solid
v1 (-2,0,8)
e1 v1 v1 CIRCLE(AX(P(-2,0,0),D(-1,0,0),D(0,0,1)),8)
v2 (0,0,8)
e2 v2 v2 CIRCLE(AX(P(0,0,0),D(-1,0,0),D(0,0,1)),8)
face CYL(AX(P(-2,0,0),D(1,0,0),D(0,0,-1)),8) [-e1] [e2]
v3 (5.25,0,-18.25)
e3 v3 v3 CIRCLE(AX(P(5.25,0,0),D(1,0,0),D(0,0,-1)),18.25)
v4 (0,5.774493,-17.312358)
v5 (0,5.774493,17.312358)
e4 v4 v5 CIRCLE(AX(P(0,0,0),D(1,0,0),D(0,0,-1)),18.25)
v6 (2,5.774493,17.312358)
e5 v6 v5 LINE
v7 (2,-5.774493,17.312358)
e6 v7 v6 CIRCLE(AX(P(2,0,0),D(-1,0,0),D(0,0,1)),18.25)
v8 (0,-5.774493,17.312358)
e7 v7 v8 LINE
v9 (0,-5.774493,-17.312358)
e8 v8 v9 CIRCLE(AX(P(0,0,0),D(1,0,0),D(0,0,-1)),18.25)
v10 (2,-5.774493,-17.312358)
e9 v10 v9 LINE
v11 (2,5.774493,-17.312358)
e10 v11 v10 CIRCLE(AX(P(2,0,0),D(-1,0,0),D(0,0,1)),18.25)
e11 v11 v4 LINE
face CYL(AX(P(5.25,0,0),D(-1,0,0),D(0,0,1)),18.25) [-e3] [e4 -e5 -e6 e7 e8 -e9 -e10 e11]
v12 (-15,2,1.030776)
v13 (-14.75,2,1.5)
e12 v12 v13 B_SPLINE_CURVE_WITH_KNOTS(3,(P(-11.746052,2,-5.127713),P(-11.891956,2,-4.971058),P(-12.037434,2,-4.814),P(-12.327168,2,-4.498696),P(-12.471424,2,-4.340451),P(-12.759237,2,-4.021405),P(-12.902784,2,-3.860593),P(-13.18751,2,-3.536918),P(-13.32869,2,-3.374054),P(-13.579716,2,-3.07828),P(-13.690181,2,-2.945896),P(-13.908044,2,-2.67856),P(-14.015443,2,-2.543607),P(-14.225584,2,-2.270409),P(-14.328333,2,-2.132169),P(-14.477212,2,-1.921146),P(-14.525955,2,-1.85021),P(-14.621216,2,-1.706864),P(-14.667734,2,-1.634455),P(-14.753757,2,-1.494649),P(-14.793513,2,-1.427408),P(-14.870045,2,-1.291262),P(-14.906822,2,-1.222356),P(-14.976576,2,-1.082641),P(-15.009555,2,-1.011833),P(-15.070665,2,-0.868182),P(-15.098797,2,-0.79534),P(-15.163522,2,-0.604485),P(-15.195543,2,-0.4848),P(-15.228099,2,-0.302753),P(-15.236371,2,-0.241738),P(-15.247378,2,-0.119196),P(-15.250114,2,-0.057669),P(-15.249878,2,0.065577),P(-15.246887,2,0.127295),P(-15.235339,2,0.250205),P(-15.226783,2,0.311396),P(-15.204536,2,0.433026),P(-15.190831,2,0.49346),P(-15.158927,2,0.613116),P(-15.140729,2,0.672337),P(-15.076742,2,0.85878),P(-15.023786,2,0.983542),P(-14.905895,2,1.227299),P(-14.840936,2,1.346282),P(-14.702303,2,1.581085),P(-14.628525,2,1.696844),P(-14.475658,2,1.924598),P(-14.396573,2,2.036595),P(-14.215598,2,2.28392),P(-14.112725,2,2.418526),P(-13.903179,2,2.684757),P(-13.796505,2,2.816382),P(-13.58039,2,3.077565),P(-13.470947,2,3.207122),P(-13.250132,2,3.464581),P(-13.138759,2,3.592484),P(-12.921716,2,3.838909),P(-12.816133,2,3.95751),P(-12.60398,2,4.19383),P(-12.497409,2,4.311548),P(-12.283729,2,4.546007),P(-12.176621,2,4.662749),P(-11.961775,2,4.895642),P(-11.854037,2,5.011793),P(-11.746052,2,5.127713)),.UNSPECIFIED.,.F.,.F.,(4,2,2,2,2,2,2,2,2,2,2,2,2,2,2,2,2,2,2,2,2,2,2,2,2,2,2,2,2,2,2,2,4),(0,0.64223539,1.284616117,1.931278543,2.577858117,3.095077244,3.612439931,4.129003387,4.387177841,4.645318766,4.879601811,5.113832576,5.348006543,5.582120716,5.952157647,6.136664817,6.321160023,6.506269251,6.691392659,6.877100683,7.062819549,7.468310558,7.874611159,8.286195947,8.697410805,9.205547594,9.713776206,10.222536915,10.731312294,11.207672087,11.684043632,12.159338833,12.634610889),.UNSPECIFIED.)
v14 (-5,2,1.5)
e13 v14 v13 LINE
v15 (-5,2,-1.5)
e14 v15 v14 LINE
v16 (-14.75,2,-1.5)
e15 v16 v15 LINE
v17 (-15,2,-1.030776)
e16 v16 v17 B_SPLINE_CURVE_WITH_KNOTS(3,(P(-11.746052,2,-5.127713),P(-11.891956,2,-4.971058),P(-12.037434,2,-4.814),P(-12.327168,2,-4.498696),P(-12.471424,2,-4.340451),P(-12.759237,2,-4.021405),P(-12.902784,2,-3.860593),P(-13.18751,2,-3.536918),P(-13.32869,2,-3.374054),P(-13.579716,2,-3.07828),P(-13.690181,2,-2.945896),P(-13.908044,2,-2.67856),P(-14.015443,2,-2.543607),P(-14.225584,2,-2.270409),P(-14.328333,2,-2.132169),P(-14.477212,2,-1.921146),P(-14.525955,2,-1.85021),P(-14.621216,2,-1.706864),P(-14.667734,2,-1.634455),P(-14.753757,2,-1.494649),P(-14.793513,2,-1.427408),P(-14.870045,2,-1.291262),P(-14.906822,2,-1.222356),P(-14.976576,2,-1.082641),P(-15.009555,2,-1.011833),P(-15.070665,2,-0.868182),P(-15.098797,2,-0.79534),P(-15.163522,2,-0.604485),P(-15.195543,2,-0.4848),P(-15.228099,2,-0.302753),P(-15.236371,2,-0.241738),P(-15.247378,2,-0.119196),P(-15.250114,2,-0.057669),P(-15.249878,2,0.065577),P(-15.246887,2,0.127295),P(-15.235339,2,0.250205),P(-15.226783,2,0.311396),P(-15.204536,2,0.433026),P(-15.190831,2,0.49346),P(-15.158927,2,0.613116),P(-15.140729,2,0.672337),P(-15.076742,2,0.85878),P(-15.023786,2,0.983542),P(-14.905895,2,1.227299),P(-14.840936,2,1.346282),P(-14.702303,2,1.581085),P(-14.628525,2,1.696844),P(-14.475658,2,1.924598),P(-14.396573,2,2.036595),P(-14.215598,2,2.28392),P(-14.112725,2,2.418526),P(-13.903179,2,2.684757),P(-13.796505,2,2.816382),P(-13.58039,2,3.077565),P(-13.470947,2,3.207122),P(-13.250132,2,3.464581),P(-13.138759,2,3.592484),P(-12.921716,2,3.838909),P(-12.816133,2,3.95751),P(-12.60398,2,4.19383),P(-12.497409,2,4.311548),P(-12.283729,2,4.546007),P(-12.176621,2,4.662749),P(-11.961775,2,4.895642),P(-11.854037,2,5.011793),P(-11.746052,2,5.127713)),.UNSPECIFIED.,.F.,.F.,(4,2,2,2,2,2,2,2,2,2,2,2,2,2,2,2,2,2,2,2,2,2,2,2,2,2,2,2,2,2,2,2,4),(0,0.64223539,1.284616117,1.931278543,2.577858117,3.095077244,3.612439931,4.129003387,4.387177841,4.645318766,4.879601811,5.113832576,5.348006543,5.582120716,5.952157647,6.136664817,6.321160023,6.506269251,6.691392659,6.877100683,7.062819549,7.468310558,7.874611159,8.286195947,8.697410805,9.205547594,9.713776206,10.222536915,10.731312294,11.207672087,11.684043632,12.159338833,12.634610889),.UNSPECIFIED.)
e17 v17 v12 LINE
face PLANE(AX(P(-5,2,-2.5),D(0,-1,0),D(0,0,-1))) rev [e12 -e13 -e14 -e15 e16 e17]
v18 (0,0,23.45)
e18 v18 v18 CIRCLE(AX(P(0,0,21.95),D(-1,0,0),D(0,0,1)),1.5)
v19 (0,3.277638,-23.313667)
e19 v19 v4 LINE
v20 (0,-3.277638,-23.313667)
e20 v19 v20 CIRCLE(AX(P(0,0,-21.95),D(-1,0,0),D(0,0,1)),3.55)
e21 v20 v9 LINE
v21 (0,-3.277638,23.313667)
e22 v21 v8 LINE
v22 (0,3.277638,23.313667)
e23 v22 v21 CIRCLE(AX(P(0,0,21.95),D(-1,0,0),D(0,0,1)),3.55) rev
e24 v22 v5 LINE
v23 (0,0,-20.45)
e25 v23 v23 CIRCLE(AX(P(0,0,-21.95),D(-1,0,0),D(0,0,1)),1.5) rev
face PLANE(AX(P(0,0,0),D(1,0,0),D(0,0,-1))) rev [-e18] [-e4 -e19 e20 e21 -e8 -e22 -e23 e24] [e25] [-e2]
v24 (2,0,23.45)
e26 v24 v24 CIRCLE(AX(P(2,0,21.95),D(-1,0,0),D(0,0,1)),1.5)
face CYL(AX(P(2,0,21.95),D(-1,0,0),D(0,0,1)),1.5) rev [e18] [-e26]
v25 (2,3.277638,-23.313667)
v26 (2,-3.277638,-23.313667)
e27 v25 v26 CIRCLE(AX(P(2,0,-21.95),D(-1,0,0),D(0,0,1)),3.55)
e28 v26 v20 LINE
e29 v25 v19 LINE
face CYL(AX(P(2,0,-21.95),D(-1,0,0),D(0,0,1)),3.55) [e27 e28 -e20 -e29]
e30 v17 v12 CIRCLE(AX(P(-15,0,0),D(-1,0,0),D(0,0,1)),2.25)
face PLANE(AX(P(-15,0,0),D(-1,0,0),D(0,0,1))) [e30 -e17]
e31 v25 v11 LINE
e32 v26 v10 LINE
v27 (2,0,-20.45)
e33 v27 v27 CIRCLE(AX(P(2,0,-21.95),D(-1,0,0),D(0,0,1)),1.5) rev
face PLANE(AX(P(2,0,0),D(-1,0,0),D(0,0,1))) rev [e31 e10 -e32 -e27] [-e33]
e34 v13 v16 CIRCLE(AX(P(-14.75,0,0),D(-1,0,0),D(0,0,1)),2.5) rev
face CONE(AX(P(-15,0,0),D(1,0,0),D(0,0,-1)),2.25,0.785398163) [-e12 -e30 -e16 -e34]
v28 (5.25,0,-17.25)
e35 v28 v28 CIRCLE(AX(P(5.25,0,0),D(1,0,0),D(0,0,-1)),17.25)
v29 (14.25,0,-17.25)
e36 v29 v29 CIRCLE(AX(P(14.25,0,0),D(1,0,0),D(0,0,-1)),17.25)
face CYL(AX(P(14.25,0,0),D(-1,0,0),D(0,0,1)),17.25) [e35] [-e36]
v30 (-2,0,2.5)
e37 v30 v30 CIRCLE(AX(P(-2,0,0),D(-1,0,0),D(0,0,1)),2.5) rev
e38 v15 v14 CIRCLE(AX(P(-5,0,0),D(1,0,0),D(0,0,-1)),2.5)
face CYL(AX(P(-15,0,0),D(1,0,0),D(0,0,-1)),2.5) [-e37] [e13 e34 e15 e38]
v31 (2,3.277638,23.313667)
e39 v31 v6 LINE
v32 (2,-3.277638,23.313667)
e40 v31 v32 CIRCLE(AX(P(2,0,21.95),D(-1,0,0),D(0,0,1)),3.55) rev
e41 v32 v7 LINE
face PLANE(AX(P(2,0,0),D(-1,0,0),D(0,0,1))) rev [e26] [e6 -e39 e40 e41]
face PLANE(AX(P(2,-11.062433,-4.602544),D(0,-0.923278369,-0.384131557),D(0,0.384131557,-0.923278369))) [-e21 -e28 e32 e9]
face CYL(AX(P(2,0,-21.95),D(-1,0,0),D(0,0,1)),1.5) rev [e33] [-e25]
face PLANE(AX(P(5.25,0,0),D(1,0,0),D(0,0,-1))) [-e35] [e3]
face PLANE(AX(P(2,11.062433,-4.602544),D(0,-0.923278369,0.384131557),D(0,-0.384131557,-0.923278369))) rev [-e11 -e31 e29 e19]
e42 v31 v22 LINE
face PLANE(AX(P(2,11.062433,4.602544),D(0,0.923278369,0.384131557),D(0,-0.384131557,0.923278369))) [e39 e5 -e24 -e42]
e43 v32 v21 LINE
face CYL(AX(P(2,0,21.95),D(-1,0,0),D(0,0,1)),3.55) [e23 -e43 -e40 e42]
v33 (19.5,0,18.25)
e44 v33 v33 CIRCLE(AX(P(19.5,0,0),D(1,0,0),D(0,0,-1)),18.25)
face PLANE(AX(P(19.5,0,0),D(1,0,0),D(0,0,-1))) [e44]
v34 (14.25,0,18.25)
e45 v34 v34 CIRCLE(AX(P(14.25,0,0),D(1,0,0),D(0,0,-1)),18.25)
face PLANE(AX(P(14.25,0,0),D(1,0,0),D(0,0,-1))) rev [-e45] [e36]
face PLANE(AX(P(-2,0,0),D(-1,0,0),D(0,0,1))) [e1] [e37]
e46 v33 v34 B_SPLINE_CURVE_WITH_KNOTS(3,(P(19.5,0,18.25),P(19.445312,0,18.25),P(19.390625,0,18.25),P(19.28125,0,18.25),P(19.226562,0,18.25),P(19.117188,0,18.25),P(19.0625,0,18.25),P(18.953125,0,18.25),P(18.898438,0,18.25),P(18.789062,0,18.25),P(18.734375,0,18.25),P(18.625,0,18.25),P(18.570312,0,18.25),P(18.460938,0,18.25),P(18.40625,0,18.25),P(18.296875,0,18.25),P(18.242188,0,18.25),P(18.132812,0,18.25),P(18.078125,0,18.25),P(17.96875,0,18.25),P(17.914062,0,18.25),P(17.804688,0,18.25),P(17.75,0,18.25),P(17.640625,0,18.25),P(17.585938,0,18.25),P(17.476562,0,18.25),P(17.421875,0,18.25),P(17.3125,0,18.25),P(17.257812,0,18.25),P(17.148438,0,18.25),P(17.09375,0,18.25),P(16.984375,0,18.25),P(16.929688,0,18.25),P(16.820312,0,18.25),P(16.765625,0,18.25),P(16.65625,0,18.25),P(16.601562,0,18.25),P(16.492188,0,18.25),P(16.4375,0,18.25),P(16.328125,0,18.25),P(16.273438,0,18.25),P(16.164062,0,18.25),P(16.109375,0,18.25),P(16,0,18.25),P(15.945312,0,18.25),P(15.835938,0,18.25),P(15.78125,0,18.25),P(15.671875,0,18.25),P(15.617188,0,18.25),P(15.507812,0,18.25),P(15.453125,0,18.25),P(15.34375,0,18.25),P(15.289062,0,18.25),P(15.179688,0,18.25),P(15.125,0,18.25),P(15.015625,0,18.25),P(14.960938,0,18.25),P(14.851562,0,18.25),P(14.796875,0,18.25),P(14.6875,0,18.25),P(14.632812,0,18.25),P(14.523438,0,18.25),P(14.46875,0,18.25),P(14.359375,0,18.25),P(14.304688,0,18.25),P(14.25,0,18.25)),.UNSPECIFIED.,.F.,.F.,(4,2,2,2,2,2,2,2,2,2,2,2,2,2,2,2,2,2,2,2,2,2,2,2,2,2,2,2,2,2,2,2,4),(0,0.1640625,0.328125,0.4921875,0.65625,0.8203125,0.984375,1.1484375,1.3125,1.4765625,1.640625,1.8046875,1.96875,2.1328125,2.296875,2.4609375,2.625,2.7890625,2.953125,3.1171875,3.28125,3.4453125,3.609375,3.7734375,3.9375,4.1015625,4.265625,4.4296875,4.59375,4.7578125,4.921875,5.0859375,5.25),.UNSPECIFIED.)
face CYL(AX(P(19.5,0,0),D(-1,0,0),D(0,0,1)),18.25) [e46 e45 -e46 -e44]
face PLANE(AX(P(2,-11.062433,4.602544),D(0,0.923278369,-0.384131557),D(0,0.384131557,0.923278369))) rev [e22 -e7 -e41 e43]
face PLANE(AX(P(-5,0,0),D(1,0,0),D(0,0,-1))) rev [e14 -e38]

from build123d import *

# Parameters (mm, degrees)
ESQUISSE2_R             = 18.25
BOSS_EXTRU_1_DEPTH      = 5.25
ESQUISSE3_R             = 17.25
BOSS_EXTRU_2_DEPTH      = 9
ESQUISSE4_R             = 18.25
BOSS_EXTRU_3_DEPTH      = 5.25
ESQUISSE6_R             = 1.5
BOSS_EXTRU_4_DEPTH      = 2
ESQUISSE7_R             = 8
BOSS_EXTRU_5_DEPTH      = 2
ESQUISSE8_R             = 2.5
BOSS_EXTRU_6_DEPTH      = 15
CHANFREIN1_SIZE         = 0.25
ESQUISSE9_W             = 5
ESQUISSE9_H             = 1
ENL_V_MAT_EXTRU_1_DEPTH = 10


with BuildPart() as part:
    # Esquisse2 → Boss.-Extru.1 (new body)
    with BuildSketch(Plane(origin=(0, 0, 0), x_dir=(0, 0, -1), z_dir=(1, 0, 0))):
        with Locations(Location((0, 0, 0), (0, 0, 180))):
            Circle(ESQUISSE2_R)
    extrude(amount=BOSS_EXTRU_1_DEPTH)

    # Esquisse3 → Boss.-Extru.2 (add)
    with BuildSketch(Plane(origin=(5.25, 0, 0), x_dir=(0, 0, -1), z_dir=(1, 0, 0))):
        Circle(ESQUISSE3_R)
    extrude(amount=BOSS_EXTRU_2_DEPTH)

    # Esquisse4 → Boss.-Extru.3 (add)
    with BuildSketch(Plane(origin=(14.25, 0, 0), x_dir=(0, 0, -1), z_dir=(1, 0, 0))):
        with Locations(Location((0, 0, 0), (0, 0, 180))):
            Circle(ESQUISSE4_R)
    extrude(amount=BOSS_EXTRU_3_DEPTH)

    # Esquisse6 → Boss.-Extru.4 (add)
    # profile 1 of 2: a face of its own
    with BuildSketch(Plane.ZY):
        with BuildLine():
            ThreePointArc((23.313667029, -3.27763821), (25.5, 0), (23.313667029, 3.27763821))
            Line((23.313667029, 3.27763821), (17.312357631, 5.774493333))
            ThreePointArc((17.312357631, 5.774493333), (18.014064322, 2.925061814), (18.25, 0))
            ThreePointArc((18.25, 0), (18.014064322, -2.925061814), (17.312357631, -5.774493333))
            Line((17.312357631, -5.774493333), (23.313667029, -3.27763821))
        make_face()
        with Locations((21.95, 0)):
            Circle(ESQUISSE6_R, mode=Mode.SUBTRACT)
    # profile 2 of 2: a face of its own
    with BuildSketch(Plane.ZY):
        with BuildLine():
            ThreePointArc((-17.312357631, -5.774493333), (-18.25, 0), (-17.312357631, 5.774493333))
            Line((-17.312357631, 5.774493333), (-23.313667029, 3.27763821))
            ThreePointArc((-23.313667029, 3.27763821), (-25.5, 0), (-23.313667029, -3.27763821))
            Line((-23.313667029, -3.27763821), (-17.312357631, -5.774493333))
        make_face()
        with Locations((-21.95, 0)):
            Circle(ESQUISSE6_R, mode=Mode.SUBTRACT)
    extrude(amount=-BOSS_EXTRU_4_DEPTH)

    # Esquisse7 → Boss.-Extru.5 (add)
    with BuildSketch(Plane.ZY):
        Circle(ESQUISSE7_R)
    extrude(amount=BOSS_EXTRU_5_DEPTH)

    # Esquisse8 → Boss.-Extru.6 (add)
    with BuildSketch(Plane.ZY):
        Circle(ESQUISSE8_R)
    extrude(amount=BOSS_EXTRU_6_DEPTH)

    # Chanfrein1
    chanfrein1_edges = [part.edges().sort_by_distance(p)[0] for p in [
        (-15, 0, -2.5),
    ]]
    chamfer(chanfrein1_edges, length=CHANFREIN1_SIZE)

    # Esquisse9 → Enlèv. mat.-Extru.1 (cut)
    with BuildSketch(Plane.ZY.offset(15)):
        with Locations((0, 2.5)):
            Rectangle(ESQUISSE9_W, ESQUISSE9_H)
    extrude(amount=-ENL_V_MAT_EXTRU_1_DEPTH, mode=Mode.SUBTRACT)


solid = part.part
